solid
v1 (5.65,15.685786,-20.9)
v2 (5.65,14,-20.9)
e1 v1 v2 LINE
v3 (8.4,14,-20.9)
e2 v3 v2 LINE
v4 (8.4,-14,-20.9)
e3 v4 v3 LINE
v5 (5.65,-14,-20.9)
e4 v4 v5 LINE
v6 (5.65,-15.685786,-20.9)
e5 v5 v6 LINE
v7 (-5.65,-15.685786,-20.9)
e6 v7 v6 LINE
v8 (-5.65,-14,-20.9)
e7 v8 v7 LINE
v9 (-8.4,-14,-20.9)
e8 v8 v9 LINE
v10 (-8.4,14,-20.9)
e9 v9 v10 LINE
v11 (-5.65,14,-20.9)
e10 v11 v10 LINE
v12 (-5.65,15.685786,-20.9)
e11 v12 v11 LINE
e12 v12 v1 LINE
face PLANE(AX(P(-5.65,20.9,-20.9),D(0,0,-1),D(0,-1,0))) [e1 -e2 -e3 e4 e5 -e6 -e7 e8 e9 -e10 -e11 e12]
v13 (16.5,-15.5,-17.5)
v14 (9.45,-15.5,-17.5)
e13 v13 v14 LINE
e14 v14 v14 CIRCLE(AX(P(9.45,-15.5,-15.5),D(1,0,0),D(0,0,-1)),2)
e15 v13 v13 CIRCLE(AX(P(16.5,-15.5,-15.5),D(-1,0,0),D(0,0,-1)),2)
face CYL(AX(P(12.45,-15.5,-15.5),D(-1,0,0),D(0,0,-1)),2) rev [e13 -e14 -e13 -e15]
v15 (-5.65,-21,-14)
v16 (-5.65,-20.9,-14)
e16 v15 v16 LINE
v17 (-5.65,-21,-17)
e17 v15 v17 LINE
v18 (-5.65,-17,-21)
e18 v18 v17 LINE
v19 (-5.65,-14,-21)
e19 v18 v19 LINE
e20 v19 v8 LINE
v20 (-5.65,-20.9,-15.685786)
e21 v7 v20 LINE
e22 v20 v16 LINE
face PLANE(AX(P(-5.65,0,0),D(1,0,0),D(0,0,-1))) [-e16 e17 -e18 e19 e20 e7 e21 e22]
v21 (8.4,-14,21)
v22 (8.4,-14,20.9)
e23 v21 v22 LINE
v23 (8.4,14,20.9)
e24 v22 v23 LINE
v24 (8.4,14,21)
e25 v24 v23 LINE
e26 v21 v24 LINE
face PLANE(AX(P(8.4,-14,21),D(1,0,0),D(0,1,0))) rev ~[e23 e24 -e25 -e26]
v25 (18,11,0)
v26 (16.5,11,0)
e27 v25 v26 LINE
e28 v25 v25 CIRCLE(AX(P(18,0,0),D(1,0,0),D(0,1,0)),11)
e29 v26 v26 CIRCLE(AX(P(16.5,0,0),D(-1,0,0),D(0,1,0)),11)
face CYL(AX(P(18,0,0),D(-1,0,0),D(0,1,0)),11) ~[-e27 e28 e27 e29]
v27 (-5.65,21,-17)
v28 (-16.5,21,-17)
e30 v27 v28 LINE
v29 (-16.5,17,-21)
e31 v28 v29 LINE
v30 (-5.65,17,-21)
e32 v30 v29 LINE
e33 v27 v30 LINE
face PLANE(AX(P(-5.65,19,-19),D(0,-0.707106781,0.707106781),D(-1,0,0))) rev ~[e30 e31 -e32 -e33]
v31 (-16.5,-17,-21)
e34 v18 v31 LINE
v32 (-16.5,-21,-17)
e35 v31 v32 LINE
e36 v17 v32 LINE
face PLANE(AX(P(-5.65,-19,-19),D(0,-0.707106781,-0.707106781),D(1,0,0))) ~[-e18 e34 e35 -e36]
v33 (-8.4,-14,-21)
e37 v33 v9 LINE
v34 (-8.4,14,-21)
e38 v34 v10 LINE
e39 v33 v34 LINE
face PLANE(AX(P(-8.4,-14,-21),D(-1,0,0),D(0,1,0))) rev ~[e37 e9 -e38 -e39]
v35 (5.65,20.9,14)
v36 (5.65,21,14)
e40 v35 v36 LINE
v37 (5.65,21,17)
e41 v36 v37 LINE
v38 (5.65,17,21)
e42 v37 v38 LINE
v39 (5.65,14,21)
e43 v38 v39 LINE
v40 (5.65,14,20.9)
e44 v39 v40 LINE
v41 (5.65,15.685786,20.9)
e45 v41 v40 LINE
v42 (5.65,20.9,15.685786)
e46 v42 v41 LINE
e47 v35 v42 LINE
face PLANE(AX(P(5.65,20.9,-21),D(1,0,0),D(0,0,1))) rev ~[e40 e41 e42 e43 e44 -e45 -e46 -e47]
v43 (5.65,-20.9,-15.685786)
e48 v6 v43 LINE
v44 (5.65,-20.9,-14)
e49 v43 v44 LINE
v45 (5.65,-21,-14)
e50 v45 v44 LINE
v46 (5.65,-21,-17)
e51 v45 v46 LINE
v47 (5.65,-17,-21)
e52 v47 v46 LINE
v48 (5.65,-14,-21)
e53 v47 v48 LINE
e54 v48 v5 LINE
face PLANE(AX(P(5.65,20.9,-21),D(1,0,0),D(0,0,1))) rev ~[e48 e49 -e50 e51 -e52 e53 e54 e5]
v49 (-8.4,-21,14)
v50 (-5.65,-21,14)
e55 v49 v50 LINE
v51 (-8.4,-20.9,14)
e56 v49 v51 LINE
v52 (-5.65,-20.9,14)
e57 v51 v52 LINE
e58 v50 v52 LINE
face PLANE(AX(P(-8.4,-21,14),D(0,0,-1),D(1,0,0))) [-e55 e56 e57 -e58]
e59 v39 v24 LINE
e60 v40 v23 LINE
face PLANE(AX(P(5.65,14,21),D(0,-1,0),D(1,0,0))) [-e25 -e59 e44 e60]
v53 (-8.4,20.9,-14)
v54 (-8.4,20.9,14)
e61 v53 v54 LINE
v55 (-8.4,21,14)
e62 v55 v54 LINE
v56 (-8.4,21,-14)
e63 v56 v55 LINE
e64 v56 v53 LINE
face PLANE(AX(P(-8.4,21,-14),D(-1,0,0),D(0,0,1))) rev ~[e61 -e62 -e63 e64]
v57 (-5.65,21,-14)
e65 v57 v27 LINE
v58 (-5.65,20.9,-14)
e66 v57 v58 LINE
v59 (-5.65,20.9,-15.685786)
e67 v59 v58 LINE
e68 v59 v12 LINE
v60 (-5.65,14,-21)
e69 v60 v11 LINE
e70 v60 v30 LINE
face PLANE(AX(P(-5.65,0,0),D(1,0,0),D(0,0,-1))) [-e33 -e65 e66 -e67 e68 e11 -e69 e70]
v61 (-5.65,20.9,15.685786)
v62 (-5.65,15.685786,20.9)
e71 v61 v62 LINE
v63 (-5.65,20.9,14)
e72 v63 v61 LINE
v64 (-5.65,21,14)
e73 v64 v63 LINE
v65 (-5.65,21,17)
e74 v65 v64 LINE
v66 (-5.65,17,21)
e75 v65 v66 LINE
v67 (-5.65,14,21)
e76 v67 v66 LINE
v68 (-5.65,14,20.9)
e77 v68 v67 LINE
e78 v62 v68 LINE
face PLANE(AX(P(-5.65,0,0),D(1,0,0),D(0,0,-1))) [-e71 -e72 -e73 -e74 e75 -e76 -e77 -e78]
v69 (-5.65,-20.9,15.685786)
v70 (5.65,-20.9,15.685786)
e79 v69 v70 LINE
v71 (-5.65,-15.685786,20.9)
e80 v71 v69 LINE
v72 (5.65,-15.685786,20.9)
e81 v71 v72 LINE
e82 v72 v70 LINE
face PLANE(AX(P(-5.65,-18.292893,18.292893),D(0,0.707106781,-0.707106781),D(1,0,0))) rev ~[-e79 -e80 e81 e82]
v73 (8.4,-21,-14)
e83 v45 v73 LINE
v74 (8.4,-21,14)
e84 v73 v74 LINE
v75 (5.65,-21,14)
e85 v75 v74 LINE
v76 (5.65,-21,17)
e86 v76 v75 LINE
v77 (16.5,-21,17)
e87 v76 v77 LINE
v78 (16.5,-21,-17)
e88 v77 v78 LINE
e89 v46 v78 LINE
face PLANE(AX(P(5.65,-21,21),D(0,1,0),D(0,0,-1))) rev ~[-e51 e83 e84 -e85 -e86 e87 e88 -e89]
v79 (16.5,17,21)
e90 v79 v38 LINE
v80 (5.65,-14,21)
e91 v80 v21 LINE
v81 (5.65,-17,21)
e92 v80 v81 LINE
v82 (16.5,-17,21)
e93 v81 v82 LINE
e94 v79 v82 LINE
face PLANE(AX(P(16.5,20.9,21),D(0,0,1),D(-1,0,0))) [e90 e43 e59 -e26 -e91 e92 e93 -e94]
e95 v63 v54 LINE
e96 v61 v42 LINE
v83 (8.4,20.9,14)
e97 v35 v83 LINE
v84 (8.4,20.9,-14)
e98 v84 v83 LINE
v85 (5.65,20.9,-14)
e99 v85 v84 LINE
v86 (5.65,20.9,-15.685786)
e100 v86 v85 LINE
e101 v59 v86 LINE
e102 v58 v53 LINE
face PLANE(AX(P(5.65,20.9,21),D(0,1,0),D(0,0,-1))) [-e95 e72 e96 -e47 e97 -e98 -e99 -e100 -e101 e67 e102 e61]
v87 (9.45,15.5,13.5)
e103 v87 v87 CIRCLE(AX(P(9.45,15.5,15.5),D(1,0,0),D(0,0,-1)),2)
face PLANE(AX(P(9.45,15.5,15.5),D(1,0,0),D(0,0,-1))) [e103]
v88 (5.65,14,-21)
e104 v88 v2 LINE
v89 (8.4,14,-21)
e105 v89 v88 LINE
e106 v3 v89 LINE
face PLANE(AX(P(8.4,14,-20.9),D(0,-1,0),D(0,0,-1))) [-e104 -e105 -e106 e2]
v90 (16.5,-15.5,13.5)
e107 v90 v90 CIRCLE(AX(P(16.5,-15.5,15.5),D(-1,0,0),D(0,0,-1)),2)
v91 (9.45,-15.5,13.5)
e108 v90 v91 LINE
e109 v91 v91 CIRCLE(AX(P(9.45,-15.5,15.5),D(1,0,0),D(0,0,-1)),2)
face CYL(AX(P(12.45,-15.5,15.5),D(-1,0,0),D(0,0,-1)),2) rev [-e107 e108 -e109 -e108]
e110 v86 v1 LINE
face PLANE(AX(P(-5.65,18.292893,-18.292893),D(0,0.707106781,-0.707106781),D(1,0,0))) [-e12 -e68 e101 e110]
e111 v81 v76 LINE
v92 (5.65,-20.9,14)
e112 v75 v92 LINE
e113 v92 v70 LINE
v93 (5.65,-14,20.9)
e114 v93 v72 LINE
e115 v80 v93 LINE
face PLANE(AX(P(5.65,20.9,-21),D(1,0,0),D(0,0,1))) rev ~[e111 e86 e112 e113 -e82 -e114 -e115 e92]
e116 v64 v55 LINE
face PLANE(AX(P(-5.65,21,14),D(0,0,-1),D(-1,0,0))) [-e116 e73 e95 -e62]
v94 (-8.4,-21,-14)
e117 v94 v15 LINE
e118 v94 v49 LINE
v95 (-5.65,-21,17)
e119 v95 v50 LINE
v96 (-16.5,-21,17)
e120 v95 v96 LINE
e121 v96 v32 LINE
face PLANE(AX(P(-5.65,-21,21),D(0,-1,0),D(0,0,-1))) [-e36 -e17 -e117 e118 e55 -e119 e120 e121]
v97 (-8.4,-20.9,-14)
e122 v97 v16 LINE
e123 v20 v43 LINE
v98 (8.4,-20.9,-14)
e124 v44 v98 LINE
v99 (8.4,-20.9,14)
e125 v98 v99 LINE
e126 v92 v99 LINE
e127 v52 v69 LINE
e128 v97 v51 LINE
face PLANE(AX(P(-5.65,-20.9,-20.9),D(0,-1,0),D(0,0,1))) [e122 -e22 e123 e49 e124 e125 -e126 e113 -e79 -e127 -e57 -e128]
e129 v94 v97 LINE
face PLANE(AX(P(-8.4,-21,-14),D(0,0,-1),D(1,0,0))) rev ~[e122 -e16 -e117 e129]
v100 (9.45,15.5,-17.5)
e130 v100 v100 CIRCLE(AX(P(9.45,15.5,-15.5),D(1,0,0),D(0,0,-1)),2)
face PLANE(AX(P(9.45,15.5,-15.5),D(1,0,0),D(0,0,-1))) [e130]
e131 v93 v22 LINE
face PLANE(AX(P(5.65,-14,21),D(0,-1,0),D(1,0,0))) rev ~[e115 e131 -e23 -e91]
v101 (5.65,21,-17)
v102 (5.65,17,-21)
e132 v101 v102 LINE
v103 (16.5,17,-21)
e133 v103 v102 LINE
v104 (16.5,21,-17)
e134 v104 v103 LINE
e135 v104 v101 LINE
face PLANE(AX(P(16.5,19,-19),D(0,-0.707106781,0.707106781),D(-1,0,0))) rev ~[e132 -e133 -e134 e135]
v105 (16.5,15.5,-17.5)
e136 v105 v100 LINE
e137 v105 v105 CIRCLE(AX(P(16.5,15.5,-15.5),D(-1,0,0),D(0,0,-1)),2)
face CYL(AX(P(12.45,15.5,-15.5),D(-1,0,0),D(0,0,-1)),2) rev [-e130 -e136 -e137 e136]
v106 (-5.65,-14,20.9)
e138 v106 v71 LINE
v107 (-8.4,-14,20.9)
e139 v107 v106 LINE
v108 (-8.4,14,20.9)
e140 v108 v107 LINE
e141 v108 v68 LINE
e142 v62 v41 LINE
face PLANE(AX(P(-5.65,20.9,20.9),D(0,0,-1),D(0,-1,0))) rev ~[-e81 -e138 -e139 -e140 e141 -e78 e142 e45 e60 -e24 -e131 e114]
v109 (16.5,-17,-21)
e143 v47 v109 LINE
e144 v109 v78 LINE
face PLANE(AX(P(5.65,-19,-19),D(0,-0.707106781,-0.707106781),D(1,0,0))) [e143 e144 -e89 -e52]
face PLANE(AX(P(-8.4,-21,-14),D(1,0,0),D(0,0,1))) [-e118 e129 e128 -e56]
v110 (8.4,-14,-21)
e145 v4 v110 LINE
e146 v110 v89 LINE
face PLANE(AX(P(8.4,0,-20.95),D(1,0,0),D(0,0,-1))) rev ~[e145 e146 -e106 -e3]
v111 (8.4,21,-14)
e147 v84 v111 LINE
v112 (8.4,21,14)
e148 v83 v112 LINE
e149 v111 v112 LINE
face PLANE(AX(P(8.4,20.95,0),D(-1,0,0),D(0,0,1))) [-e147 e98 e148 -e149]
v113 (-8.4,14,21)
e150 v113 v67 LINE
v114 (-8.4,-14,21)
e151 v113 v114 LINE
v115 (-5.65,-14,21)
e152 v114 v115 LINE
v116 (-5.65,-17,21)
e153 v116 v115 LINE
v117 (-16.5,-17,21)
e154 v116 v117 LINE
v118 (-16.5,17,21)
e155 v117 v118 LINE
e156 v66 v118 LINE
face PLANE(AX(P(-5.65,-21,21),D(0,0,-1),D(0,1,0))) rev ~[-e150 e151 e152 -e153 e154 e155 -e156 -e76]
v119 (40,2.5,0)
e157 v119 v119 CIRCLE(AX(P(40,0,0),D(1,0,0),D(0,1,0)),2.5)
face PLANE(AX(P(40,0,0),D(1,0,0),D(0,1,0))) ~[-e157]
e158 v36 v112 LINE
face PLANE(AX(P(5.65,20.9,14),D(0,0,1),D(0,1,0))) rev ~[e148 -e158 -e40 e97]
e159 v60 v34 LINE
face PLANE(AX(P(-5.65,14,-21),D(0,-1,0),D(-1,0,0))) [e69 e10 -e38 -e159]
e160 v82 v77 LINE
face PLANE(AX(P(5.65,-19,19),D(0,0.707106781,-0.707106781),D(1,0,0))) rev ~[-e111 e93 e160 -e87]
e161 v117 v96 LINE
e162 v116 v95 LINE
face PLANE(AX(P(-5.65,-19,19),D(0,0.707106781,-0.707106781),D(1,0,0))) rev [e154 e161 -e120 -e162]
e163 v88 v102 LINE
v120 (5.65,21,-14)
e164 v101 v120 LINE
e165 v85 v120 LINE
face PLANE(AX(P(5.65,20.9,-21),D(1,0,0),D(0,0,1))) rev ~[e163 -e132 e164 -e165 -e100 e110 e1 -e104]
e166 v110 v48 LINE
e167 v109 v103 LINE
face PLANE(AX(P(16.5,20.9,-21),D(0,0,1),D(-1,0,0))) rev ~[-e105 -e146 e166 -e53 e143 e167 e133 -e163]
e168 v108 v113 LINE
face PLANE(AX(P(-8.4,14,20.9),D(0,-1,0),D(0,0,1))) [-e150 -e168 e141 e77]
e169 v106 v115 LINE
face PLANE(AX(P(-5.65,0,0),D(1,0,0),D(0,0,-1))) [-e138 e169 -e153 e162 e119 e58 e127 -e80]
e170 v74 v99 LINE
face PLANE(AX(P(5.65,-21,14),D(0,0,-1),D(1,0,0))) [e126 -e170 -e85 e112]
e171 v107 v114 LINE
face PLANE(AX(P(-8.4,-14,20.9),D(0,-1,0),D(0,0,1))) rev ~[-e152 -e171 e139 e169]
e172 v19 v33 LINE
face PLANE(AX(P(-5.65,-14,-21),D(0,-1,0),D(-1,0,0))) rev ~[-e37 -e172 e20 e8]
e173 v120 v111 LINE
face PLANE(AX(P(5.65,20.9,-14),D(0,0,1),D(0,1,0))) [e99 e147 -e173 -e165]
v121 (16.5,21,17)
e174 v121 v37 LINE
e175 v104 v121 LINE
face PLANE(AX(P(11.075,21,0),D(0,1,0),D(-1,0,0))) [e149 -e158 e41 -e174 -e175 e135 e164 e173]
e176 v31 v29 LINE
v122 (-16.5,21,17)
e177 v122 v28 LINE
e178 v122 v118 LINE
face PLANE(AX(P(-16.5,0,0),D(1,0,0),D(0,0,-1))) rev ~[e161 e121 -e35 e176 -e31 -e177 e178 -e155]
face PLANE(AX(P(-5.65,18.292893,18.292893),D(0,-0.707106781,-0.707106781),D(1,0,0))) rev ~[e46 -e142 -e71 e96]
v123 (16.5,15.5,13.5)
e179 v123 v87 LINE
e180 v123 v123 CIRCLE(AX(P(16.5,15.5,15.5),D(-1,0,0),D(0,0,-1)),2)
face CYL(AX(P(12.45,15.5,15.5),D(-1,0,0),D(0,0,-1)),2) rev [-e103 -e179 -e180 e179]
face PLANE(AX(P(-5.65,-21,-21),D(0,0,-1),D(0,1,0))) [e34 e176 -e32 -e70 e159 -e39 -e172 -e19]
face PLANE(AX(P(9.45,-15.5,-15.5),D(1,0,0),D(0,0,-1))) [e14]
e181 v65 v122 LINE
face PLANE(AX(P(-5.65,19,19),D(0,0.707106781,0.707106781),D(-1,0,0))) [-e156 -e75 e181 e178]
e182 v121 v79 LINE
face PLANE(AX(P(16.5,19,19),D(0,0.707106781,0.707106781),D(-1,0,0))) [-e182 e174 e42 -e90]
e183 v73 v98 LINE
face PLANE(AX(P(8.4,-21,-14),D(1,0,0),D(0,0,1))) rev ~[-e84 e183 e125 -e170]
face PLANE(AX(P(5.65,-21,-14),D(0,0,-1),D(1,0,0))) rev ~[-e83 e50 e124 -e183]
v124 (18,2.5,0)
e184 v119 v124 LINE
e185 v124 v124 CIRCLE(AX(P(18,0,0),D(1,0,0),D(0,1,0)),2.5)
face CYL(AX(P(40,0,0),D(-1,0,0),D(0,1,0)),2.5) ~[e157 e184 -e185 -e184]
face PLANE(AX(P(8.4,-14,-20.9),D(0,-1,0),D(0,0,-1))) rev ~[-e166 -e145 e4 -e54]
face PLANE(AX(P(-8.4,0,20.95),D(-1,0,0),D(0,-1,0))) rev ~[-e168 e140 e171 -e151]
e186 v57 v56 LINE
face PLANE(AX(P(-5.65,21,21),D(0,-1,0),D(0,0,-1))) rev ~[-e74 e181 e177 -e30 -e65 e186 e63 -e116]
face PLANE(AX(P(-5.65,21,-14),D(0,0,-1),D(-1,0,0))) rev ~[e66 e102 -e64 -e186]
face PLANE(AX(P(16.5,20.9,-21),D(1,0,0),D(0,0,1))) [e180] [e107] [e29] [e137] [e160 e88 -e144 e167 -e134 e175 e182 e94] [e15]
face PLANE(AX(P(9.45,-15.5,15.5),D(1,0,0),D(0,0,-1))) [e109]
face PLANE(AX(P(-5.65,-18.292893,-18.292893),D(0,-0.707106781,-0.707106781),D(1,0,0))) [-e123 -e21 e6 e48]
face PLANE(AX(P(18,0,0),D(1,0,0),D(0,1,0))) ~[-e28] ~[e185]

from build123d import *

# Parameters (mm, degrees)
CROQUIS1_W                  = 41.8
CROQUIS1_H                  = 41.8
SALIENTE_EXTRUIR1_DEPTH     = 11.3
CROQUIS2_W                  = 42
CROQUIS2_H                  = 41.9
SALIENTE_EXTRUIR2_DEPTH     = 10.85
CROQUIS3_W                  = 10.85
CROQUIS3_H                  = 42
SALIENTE_EXTRUIR3_DEPTH     = 0.1
CROQUIS4_W                  = 42
CROQUIS4_H                  = 42
SALIENTE_EXTRUIR4_DEPTH     = 10.85
CORTAR_EXTRUIR1_REACH       = 26.9
CROQUIS5_W                  = 0.1
CROQUIS5_H                  = 28
CORTAR_EXTRUIR2_REACH       = 26.9
CROQUIS6_W                  = 28
CROQUIS6_H                  = 0.1
CROQUIS7_W                  = 2.75
CROQUIS7_H                  = 28
CORTAR_EXTRUIR3_DEPTH       = 0.1
CROQUIS8_W                  = 2.75
CROQUIS8_H                  = 28
CORTAR_EXTRUIR4_DEPTH       = 0.1
CROQUIS9_W                  = 28
CROQUIS9_H                  = 0.1
CORTAR_EXTRUIR5_DEPTH       = 2.75
CROQUIS10_W                 = 2.75
CROQUIS10_H                 = 28
CORTAR_EXTRUIR6_DEPTH       = 0.1
CROQUIS11_W                 = 2.75
CROQUIS11_H                 = 28
CORTAR_EXTRUIR7_DEPTH       = 0.1
CROQUIS12_W                 = 2.75
CROQUIS12_H                 = 28
CORTAR_EXTRUIR8_DEPTH       = 0.1
CHAFL_N1_SIZE               = 5.214213562
CHAFL_N2_SIZE               = 4
CROQUIS18_R                 = 2
CORTAR_EXTRUIR10_DEPTH      = 6
CORTAR_EXTRUIR10_DEPTH_BACK = 3


with BuildPart() as part:
    # Croquis1 → Saliente-Extruir1 (new body)
    with BuildSketch(Plane(origin=(-5.65, 0, 0), x_dir=(0, -1, 0), z_dir=(-1, 0, 0))):
        Rectangle(CROQUIS1_W, CROQUIS1_H)
    extrude(amount=-SALIENTE_EXTRUIR1_DEPTH)

    # Croquis2 → Saliente-Extruir2 (add)
    with BuildSketch(Plane(origin=(5.65, 0, 0), x_dir=(0, 0, -1), z_dir=(1, 0, 0))):
        with Locations((0, -0.05)):
            Rectangle(CROQUIS2_W, CROQUIS2_H)
    extrude(amount=SALIENTE_EXTRUIR2_DEPTH)

    # Croquis3 → Saliente-Extruir3 (add)
    with BuildSketch(Plane(origin=(0, 20.9, 0), x_dir=(-1, 0, 0), z_dir=(0, 1, 0))):
        with Locations((-11.075, 0)):
            Rectangle(CROQUIS3_W, CROQUIS3_H)
    extrude(amount=SALIENTE_EXTRUIR3_DEPTH)

    # Croquis4 → Saliente-Extruir4 (add)
    with BuildSketch(Plane(origin=(-5.65, 0, 0), x_dir=(0, 0, -1), z_dir=(1, 0, 0))):
        Rectangle(CROQUIS4_W, CROQUIS4_H)
    extrude(amount=-SALIENTE_EXTRUIR4_DEPTH)

    # Croquis5 → Cortar-Extruir1 (cut, up to next)
    with BuildSketch(Plane(origin=(8.4, 0, 0), x_dir=(0, 0, -1), z_dir=(1, 0, 0)), mode=Mode.PRIVATE) as cortar_extruir1_sk1:
        with Locations((20.95, 0)):
            Rectangle(CROQUIS5_W, CROQUIS5_H)
    cortar_extruir1_tool1 = extrude(cortar_extruir1_sk1.sketch, amount=-CORTAR_EXTRUIR1_REACH, mode=Mode.PRIVATE) & part.part
    add(cortar_extruir1_tool1.solids().sort_by_distance((8.4, 0, -20.95))[0], mode=Mode.SUBTRACT)

    # Croquis6 → Cortar-Extruir2 (cut, up to next)
    with BuildSketch(Plane(origin=(-8.4, 0, 0), x_dir=(0, -1, 0), z_dir=(-1, 0, 0)), mode=Mode.PRIVATE) as cortar_extruir2_sk1:
        with Locations((0, 20.95)):
            Rectangle(CROQUIS6_W, CROQUIS6_H)
    cortar_extruir2_tool1 = extrude(cortar_extruir2_sk1.sketch, amount=-CORTAR_EXTRUIR2_REACH, mode=Mode.PRIVATE) & part.part
    add(cortar_extruir2_tool1.solids().sort_by_distance((-8.4, 0, 20.95))[0], mode=Mode.SUBTRACT)

    # Croquis7 → Cortar-Extruir3 (cut)
    with BuildSketch(Plane.XZ.offset(21)):
        with Locations((7.025, 0)):
            Rectangle(CROQUIS7_W, CROQUIS7_H)
    extrude(amount=-CORTAR_EXTRUIR3_DEPTH, mode=Mode.SUBTRACT)

    # Croquis8 → Cortar-Extruir4 (cut)
    with BuildSketch(Plane.XY.offset(21)):
        with Locations((7.025, 0)):
            Rectangle(CROQUIS8_W, CROQUIS8_H)
    extrude(amount=-CORTAR_EXTRUIR4_DEPTH, mode=Mode.SUBTRACT)

    # Croquis9 → Cortar-Extruir5 (cut)
    with BuildSketch(Plane.ZY.offset(-5.65)):
        with Locations((0, 20.95)):
            Rectangle(CROQUIS9_W, CROQUIS9_H)
    extrude(amount=-CORTAR_EXTRUIR5_DEPTH, mode=Mode.SUBTRACT)

    # Croquis10 → Cortar-Extruir6 (cut)
    with BuildSketch(Plane.XZ.offset(21)):
        with Locations((-7.025, 0)):
            Rectangle(CROQUIS10_W, CROQUIS10_H)
    extrude(amount=-CORTAR_EXTRUIR6_DEPTH, mode=Mode.SUBTRACT)

    # Croquis11 → Cortar-Extruir7 (cut)
    with BuildSketch(Plane(origin=(0, 0, -21), x_dir=(-1, 0, 0), z_dir=(0, 0, -1))):
        with Locations((7.025, 0)):
            Rectangle(CROQUIS11_W, CROQUIS11_H)
    extrude(amount=-CORTAR_EXTRUIR7_DEPTH, mode=Mode.SUBTRACT)

    # Croquis12 → Cortar-Extruir8 (cut)
    with BuildSketch(Plane(origin=(0, 21, 0), x_dir=(-1, 0, 0), z_dir=(0, 1, 0))):
        with Locations((7.025, 0)):
            Rectangle(CROQUIS12_W, CROQUIS12_H)
    extrude(amount=-CORTAR_EXTRUIR8_DEPTH, mode=Mode.SUBTRACT)

    # Croquis15 → Revolución1 (revolve)
    with BuildSketch(Plane.XY):
        Polygon((15.5, 11), (15.5, 0), (40, 0), (40, 2.5), (18, 2.5), (18, 11), align=None)
    revolve(axis=Axis((15.5, 0, 0), (1, 0, 0)))

    # Chaflán1
    chafl_n1_edges = [part.edges().sort_by_distance(p)[0] for p in [
        (0, -20.9, -20.9),
        (0, 20.9, 20.9),
        (0, 20.9, -20.9),
        (0, -20.9, 20.9),
    ]]
    chamfer(chafl_n1_edges, length=CHAFL_N1_SIZE)

    # Chaflán2
    chafl_n2_edges = [part.edges().sort_by_distance(p)[0] for p in [
        (11.075, -21, 21),
        (11.075, -21, -21),
        (11.075, 21, 21),
        (11.075, 21, -21),
        (-11.075, 21, -21),
        (-11.075, -21, -21),
        (-11.075, -21, 21),
        (-11.075, 21, 21),
    ]]
    chamfer(chafl_n2_edges, length=CHAFL_N2_SIZE)

    # Croquis18 → Cortar-Extruir10 (cut, two sides)
    with BuildSketch(Plane(origin=(12.45, 0, 0), x_dir=(0, 0, -1), z_dir=(1, 0, 0))) as cortar_extruir10_sk:
        with Locations((-15.5, 15.5)):
            Circle(CROQUIS18_R)
        with Locations((15.5, 15.5)):
            Circle(CROQUIS18_R)
        with Locations((15.5, -15.5)):
            Circle(CROQUIS18_R)
        with Locations((-15.5, -15.5)):
            Circle(CROQUIS18_R)
    extrude(amount=CORTAR_EXTRUIR10_DEPTH, mode=Mode.SUBTRACT)
    extrude(cortar_extruir10_sk.sketch, amount=-CORTAR_EXTRUIR10_DEPTH_BACK, mode=Mode.SUBTRACT)


solid = part.part
